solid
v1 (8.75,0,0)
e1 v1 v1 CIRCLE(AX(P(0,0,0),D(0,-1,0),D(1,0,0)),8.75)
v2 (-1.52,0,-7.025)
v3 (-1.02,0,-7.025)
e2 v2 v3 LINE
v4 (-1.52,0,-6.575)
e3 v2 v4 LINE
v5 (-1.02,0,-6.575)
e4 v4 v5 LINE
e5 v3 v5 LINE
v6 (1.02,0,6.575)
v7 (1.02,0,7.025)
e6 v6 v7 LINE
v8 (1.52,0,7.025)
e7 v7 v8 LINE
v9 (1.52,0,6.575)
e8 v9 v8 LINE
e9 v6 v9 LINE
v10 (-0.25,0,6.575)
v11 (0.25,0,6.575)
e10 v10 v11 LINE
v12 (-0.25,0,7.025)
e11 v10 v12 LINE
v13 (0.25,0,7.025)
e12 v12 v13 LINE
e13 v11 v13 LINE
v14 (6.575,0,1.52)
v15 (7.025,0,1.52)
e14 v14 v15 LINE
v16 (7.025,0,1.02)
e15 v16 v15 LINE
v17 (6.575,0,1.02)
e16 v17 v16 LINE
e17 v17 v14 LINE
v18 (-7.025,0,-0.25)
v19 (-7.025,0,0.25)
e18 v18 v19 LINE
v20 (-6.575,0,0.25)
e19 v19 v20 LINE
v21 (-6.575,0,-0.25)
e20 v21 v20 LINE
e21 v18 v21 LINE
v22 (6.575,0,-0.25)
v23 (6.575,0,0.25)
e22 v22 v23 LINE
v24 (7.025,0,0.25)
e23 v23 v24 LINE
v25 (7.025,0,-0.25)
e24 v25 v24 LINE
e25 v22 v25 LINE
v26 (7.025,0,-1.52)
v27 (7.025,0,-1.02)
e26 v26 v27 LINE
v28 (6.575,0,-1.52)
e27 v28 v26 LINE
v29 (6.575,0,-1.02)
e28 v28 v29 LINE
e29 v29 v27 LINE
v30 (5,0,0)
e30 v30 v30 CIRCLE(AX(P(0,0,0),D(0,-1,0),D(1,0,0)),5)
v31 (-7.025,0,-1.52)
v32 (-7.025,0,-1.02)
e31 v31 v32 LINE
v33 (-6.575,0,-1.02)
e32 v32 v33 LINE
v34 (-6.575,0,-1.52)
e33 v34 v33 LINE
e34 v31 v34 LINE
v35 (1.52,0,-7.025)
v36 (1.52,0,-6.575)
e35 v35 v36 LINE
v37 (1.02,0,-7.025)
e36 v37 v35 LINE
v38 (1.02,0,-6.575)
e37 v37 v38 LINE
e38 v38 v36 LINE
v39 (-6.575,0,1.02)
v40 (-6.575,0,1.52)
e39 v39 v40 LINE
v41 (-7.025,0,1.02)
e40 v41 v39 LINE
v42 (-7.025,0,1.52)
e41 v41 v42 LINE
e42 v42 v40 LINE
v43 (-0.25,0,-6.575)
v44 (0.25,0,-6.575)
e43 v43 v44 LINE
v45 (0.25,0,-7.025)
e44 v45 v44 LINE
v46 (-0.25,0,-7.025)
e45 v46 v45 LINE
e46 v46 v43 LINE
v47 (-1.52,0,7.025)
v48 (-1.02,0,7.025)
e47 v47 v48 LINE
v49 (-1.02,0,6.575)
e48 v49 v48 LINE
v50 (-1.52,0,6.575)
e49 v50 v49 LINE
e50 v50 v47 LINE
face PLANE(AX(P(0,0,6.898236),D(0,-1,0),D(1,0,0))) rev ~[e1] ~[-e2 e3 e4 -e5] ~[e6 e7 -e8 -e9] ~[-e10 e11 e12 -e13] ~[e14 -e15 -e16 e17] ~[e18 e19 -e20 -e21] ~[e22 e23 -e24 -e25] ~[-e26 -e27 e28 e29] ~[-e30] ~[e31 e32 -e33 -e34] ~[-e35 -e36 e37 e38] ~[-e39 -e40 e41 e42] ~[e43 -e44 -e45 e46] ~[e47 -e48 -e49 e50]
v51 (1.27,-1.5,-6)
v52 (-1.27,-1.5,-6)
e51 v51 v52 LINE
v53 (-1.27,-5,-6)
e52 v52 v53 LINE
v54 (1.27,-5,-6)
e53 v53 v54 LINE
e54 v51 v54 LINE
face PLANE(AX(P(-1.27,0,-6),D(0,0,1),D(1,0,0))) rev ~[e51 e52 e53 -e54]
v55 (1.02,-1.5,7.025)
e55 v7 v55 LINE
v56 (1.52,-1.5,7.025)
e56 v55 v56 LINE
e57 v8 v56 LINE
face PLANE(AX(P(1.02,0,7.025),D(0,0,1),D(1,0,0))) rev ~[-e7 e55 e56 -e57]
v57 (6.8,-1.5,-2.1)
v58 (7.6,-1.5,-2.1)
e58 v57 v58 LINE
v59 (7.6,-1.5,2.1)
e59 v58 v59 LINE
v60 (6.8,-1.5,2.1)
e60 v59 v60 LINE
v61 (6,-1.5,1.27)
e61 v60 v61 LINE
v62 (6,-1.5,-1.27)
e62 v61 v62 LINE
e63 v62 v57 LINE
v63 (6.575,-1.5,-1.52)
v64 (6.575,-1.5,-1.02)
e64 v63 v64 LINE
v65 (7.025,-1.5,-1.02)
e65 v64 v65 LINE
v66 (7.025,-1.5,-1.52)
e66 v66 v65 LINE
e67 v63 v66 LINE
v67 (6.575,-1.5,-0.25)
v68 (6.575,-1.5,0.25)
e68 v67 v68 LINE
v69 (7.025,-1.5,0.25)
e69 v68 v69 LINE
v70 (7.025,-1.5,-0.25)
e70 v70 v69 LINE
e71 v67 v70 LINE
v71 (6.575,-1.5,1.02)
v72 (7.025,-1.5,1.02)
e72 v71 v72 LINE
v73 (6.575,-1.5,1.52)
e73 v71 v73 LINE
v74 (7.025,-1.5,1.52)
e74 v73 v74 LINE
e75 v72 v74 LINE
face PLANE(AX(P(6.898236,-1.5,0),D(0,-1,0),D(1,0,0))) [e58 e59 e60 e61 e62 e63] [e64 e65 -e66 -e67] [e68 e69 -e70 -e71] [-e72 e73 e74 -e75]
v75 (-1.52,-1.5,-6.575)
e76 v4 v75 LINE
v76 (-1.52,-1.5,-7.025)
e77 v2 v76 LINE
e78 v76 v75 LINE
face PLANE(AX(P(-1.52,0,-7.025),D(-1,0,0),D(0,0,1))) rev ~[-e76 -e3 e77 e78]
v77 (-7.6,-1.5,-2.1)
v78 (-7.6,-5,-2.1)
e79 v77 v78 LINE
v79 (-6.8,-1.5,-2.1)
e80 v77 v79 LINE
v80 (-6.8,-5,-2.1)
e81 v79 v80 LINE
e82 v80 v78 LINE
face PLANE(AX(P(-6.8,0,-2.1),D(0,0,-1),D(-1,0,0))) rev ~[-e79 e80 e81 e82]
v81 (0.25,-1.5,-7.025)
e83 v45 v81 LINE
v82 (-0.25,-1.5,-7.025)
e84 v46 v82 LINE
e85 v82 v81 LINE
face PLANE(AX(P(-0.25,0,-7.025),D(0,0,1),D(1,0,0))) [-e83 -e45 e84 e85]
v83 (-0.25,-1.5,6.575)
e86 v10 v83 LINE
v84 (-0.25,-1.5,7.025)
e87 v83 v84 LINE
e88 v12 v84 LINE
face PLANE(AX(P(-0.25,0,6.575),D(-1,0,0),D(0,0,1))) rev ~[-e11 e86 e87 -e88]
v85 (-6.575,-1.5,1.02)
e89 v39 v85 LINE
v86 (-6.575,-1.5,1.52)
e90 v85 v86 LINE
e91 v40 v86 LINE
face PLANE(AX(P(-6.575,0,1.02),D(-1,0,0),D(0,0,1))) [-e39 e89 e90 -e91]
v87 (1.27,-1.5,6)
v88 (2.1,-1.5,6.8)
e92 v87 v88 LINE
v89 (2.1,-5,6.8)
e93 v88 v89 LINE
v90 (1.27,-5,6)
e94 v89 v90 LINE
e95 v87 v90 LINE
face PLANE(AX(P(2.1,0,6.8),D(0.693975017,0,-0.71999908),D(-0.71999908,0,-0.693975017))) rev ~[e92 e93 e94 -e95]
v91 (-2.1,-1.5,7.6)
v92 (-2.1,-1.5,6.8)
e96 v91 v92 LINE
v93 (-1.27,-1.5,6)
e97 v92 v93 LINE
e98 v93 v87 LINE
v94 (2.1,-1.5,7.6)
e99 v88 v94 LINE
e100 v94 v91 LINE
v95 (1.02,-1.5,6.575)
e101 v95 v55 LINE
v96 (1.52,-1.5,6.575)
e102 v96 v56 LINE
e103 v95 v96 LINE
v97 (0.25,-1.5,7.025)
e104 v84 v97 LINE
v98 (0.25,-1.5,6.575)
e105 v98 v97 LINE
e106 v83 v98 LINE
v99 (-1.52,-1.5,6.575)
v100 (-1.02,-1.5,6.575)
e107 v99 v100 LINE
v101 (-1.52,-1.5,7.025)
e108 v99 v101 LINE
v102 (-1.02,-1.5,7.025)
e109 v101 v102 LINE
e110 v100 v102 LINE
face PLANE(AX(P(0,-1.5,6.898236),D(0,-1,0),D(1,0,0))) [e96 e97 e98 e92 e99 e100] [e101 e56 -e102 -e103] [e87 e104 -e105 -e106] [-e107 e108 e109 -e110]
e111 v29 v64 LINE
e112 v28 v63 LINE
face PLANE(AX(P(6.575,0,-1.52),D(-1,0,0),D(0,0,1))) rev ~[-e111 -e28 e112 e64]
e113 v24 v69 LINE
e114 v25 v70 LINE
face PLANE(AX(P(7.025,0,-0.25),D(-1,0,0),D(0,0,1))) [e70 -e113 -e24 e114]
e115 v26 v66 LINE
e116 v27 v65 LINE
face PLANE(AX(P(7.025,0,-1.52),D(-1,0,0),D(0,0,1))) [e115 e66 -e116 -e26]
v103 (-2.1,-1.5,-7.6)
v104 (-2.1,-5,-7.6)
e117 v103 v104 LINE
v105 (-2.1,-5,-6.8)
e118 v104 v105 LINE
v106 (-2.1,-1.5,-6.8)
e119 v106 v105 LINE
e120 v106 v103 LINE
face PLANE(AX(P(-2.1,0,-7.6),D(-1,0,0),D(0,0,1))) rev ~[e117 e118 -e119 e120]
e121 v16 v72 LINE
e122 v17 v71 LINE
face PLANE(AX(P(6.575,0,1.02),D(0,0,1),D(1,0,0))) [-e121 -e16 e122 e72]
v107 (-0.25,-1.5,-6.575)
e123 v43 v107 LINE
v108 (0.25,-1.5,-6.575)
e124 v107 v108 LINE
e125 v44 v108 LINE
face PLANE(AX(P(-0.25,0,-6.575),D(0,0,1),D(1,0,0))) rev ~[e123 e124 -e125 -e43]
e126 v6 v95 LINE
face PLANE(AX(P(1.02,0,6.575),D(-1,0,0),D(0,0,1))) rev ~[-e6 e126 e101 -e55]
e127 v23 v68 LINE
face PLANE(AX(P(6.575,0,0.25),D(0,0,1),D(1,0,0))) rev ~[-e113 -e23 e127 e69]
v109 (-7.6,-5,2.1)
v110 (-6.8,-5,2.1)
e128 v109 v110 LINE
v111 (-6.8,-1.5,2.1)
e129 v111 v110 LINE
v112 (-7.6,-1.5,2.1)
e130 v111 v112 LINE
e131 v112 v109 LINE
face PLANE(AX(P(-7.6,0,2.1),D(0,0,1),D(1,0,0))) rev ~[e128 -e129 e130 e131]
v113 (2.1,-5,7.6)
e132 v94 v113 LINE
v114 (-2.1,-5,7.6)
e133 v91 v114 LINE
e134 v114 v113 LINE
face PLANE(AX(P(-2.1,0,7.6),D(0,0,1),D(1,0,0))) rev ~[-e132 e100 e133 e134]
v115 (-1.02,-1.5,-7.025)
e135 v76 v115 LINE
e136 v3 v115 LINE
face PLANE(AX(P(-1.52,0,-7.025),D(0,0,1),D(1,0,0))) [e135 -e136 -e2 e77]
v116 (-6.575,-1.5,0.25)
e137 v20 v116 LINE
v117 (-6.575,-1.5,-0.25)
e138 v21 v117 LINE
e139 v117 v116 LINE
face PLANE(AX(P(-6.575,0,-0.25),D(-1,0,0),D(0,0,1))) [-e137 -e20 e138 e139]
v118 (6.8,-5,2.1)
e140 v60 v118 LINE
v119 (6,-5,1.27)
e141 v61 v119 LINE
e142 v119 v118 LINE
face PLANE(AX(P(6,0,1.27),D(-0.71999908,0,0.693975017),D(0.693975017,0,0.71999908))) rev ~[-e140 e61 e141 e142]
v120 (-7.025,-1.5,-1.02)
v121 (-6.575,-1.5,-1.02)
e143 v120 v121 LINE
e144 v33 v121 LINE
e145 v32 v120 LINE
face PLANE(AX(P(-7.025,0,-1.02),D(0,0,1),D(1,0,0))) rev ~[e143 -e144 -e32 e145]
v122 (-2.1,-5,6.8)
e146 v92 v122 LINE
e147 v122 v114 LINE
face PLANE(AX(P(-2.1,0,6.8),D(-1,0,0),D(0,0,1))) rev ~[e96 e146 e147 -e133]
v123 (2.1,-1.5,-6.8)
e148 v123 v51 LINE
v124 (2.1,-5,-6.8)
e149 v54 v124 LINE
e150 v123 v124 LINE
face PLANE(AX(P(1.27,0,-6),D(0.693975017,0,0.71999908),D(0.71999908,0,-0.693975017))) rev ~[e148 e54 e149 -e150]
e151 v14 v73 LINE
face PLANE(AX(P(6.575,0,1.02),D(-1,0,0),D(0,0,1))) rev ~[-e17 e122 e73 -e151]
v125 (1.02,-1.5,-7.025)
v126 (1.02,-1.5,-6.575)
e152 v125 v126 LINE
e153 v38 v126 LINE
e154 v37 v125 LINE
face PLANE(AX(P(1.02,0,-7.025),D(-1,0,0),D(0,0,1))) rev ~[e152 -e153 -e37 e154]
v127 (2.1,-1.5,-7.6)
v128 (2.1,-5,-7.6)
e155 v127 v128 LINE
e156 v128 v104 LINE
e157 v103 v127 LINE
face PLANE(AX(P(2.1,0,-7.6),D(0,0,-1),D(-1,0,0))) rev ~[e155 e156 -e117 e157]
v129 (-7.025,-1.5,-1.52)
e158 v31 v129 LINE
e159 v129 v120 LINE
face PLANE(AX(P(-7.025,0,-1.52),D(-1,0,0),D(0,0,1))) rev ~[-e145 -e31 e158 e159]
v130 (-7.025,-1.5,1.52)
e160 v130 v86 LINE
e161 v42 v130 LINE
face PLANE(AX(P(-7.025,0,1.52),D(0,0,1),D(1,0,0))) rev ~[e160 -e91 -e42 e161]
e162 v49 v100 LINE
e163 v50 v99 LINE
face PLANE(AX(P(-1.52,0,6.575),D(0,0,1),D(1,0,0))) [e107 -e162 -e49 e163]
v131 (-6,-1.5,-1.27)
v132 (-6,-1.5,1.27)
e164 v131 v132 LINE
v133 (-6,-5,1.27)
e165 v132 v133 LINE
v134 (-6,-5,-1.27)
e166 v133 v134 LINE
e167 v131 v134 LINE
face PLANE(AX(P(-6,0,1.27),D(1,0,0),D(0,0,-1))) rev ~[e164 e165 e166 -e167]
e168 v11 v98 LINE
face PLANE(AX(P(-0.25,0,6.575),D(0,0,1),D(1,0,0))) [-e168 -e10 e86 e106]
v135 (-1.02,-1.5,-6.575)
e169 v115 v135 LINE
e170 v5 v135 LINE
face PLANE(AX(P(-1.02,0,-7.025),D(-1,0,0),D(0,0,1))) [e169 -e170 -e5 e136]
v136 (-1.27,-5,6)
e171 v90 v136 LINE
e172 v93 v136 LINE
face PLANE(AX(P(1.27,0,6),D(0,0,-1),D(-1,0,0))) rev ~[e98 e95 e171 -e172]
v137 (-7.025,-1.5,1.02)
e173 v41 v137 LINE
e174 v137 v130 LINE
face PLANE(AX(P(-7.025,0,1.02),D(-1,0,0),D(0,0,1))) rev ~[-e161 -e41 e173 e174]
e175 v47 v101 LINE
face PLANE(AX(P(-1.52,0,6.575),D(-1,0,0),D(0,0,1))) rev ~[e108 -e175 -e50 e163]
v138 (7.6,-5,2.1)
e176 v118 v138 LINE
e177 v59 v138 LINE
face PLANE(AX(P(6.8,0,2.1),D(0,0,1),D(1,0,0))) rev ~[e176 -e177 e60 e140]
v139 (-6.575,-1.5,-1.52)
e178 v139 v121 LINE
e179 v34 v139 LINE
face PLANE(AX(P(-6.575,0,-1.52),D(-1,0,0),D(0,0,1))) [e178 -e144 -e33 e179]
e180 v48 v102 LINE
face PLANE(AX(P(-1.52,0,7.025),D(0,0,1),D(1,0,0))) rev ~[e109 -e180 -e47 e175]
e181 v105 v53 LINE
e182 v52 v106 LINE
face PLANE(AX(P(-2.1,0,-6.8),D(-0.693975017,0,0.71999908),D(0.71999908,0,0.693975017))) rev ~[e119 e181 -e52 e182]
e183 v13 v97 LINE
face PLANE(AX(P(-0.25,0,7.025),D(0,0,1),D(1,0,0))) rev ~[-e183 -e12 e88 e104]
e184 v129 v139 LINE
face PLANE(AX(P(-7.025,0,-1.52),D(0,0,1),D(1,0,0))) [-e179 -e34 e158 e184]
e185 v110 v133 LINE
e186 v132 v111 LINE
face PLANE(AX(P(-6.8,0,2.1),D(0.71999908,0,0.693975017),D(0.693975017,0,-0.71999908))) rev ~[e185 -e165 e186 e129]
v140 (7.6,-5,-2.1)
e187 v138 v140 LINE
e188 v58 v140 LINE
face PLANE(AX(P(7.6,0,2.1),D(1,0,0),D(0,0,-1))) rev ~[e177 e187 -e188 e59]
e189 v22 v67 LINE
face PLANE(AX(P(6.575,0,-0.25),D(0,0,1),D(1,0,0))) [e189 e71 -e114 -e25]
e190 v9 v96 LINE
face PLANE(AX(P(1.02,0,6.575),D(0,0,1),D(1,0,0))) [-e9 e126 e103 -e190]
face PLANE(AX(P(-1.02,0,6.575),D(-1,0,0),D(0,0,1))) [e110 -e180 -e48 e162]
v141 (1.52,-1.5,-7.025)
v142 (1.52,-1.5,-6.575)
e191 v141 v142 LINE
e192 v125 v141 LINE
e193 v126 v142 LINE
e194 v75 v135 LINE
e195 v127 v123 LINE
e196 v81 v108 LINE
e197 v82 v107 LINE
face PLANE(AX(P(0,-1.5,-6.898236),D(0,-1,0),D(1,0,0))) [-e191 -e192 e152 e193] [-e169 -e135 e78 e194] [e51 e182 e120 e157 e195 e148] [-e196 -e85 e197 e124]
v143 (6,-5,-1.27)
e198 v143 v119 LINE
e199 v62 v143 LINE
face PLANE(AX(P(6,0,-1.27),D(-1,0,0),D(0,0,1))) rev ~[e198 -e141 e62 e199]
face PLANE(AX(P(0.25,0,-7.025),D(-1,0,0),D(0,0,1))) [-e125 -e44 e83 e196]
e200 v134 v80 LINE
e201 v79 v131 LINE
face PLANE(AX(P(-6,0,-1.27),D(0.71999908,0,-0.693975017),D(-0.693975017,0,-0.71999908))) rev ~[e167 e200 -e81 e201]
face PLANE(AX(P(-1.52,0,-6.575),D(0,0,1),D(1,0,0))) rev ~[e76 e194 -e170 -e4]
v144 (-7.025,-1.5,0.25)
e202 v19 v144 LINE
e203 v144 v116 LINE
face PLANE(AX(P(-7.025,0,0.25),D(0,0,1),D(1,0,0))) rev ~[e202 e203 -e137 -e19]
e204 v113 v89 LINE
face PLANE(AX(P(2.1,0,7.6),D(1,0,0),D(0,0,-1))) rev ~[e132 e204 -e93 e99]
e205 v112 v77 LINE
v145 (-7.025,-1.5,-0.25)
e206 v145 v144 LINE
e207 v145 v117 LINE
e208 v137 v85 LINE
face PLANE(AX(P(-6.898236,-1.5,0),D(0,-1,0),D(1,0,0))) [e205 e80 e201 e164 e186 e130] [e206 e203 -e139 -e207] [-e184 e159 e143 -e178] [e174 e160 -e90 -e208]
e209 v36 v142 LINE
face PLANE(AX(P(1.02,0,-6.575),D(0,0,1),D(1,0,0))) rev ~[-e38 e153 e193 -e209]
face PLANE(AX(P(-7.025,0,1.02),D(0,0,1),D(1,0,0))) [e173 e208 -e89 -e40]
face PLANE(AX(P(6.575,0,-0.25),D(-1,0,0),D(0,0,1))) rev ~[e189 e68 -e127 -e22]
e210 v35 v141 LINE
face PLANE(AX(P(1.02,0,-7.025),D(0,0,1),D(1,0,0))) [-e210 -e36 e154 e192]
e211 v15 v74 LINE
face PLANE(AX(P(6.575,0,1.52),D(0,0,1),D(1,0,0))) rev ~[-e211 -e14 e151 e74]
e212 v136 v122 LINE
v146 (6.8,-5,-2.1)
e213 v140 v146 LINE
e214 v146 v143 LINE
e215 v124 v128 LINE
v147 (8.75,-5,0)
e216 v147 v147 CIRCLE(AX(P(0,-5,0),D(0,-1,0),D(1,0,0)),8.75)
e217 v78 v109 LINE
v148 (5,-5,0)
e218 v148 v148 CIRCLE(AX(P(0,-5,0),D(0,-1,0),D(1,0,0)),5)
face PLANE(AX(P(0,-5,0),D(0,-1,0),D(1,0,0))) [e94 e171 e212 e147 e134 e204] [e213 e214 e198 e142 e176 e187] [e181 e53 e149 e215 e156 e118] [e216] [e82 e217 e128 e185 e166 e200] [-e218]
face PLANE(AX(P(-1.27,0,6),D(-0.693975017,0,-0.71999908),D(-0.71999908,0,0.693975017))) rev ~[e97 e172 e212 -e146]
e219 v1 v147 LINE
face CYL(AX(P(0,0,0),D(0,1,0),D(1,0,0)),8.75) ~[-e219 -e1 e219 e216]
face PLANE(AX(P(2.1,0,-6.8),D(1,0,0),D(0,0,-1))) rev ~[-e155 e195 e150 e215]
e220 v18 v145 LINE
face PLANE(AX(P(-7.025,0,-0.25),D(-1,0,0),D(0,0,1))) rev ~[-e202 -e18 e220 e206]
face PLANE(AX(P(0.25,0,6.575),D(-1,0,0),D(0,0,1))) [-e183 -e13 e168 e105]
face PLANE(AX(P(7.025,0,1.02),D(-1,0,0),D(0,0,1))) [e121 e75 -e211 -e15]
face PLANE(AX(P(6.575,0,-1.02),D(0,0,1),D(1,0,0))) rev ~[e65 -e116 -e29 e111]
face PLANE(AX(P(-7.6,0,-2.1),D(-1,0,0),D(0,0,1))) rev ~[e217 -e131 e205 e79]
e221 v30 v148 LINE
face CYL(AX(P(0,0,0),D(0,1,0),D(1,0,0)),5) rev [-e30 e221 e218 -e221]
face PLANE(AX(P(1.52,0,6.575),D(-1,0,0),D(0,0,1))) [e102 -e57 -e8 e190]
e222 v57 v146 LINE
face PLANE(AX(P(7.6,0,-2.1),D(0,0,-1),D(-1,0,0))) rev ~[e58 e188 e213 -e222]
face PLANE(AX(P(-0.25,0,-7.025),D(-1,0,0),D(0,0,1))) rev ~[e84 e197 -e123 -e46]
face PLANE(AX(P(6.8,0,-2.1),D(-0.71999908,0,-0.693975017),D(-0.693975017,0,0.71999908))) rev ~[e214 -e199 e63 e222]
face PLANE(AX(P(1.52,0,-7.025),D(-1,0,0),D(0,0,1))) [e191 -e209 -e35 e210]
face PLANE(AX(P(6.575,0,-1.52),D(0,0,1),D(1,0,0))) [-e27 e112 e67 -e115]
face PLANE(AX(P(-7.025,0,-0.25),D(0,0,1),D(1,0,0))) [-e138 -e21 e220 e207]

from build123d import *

# Parameters (mm, degrees)
F0_R     = 8.75
F0_R_2   = 5
F1_DEPTH = 5
F0_W     = 0.5
F0_H     = 0.45
F0_W_2   = 0.45
F0_H_2   = 0.5
F2_DEPTH = 1.5


with BuildPart() as f1:
    # F0 (on Front) → F1 (new body)
    with BuildSketch(Plane.XZ):
        Circle(F0_R)
        Polygon((-2.1, -6.8), (-1.27, -6), (1.27, -6), (2.1, -6.8), (2.1, -7.6), (-2.1, -7.6), align=None, mode=Mode.SUBTRACT)
        Polygon((-6.8, 2.1), (-6, 1.27), (-6, -1.27), (-6.8, -2.1), (-7.6, -2.1), (-7.6, 2.1), align=None, mode=Mode.SUBTRACT)
        Circle(F0_R_2, mode=Mode.SUBTRACT)
        Polygon((6.8, -2.1), (6, -1.27), (6, 1.27), (6.8, 2.1), (7.6, 2.1), (7.6, -2.1), align=None, mode=Mode.SUBTRACT)
        Polygon((-2.1, 6.8), (-2.1, 7.6), (2.1, 7.6), (2.1, 6.8), (1.27, 6), (-1.27, 6), align=None, mode=Mode.SUBTRACT)
    extrude(amount=F1_DEPTH)

    # F0 (on Front) → F2 (join)
    with BuildSketch(Plane.XZ):
        Polygon((2.1, 7.6), (-2.1, 7.6), (-2.1, 6.8), (-1.27, 6), (1.27, 6), (2.1, 6.8), align=None)
        with Locations((-1.27, 6.8)):
            Rectangle(F0_W, F0_H, mode=Mode.SUBTRACT)
        with Locations((0, 6.8)):
            Rectangle(F0_W, F0_H, mode=Mode.SUBTRACT)
        with Locations((1.27, 6.8)):
            Rectangle(F0_W, F0_H, mode=Mode.SUBTRACT)
        Polygon((-6, -1.27), (-6, 1.27), (-6.8, 2.1), (-7.6, 2.1), (-7.6, -2.1), (-6.8, -2.1), align=None)
        with Locations((-6.8, -1.27)):
            Rectangle(F0_W_2, F0_H_2, mode=Mode.SUBTRACT)
        with Locations((-6.8, 0)):
            Rectangle(F0_W_2, F0_H_2, mode=Mode.SUBTRACT)
        with Locations((-6.8, 1.27)):
            Rectangle(F0_W_2, F0_H_2, mode=Mode.SUBTRACT)
        Polygon((1.27, -6), (-1.27, -6), (-2.1, -6.8), (-2.1, -7.6), (2.1, -7.6), (2.1, -6.8), align=None)
        with Locations((-1.27, -6.8)):
            Rectangle(F0_W, F0_H, mode=Mode.SUBTRACT)
        with Locations((0, -6.8)):
            Rectangle(F0_W, F0_H, mode=Mode.SUBTRACT)
        with Locations((1.27, -6.8)):
            Rectangle(F0_W, F0_H, mode=Mode.SUBTRACT)
        Polygon((6, 1.27), (6, -1.27), (6.8, -2.1), (7.6, -2.1), (7.6, 2.1), (6.8, 2.1), align=None)
        with Locations((6.8, -1.27)):
            Rectangle(F0_W_2, F0_H_2, mode=Mode.SUBTRACT)
        with Locations((6.8, 0)):
            Rectangle(F0_W_2, F0_H_2, mode=Mode.SUBTRACT)
        with Locations((6.8, 1.27)):
            Rectangle(F0_W_2, F0_H_2, mode=Mode.SUBTRACT)
    extrude(amount=F2_DEPTH)


solid = f1.part
